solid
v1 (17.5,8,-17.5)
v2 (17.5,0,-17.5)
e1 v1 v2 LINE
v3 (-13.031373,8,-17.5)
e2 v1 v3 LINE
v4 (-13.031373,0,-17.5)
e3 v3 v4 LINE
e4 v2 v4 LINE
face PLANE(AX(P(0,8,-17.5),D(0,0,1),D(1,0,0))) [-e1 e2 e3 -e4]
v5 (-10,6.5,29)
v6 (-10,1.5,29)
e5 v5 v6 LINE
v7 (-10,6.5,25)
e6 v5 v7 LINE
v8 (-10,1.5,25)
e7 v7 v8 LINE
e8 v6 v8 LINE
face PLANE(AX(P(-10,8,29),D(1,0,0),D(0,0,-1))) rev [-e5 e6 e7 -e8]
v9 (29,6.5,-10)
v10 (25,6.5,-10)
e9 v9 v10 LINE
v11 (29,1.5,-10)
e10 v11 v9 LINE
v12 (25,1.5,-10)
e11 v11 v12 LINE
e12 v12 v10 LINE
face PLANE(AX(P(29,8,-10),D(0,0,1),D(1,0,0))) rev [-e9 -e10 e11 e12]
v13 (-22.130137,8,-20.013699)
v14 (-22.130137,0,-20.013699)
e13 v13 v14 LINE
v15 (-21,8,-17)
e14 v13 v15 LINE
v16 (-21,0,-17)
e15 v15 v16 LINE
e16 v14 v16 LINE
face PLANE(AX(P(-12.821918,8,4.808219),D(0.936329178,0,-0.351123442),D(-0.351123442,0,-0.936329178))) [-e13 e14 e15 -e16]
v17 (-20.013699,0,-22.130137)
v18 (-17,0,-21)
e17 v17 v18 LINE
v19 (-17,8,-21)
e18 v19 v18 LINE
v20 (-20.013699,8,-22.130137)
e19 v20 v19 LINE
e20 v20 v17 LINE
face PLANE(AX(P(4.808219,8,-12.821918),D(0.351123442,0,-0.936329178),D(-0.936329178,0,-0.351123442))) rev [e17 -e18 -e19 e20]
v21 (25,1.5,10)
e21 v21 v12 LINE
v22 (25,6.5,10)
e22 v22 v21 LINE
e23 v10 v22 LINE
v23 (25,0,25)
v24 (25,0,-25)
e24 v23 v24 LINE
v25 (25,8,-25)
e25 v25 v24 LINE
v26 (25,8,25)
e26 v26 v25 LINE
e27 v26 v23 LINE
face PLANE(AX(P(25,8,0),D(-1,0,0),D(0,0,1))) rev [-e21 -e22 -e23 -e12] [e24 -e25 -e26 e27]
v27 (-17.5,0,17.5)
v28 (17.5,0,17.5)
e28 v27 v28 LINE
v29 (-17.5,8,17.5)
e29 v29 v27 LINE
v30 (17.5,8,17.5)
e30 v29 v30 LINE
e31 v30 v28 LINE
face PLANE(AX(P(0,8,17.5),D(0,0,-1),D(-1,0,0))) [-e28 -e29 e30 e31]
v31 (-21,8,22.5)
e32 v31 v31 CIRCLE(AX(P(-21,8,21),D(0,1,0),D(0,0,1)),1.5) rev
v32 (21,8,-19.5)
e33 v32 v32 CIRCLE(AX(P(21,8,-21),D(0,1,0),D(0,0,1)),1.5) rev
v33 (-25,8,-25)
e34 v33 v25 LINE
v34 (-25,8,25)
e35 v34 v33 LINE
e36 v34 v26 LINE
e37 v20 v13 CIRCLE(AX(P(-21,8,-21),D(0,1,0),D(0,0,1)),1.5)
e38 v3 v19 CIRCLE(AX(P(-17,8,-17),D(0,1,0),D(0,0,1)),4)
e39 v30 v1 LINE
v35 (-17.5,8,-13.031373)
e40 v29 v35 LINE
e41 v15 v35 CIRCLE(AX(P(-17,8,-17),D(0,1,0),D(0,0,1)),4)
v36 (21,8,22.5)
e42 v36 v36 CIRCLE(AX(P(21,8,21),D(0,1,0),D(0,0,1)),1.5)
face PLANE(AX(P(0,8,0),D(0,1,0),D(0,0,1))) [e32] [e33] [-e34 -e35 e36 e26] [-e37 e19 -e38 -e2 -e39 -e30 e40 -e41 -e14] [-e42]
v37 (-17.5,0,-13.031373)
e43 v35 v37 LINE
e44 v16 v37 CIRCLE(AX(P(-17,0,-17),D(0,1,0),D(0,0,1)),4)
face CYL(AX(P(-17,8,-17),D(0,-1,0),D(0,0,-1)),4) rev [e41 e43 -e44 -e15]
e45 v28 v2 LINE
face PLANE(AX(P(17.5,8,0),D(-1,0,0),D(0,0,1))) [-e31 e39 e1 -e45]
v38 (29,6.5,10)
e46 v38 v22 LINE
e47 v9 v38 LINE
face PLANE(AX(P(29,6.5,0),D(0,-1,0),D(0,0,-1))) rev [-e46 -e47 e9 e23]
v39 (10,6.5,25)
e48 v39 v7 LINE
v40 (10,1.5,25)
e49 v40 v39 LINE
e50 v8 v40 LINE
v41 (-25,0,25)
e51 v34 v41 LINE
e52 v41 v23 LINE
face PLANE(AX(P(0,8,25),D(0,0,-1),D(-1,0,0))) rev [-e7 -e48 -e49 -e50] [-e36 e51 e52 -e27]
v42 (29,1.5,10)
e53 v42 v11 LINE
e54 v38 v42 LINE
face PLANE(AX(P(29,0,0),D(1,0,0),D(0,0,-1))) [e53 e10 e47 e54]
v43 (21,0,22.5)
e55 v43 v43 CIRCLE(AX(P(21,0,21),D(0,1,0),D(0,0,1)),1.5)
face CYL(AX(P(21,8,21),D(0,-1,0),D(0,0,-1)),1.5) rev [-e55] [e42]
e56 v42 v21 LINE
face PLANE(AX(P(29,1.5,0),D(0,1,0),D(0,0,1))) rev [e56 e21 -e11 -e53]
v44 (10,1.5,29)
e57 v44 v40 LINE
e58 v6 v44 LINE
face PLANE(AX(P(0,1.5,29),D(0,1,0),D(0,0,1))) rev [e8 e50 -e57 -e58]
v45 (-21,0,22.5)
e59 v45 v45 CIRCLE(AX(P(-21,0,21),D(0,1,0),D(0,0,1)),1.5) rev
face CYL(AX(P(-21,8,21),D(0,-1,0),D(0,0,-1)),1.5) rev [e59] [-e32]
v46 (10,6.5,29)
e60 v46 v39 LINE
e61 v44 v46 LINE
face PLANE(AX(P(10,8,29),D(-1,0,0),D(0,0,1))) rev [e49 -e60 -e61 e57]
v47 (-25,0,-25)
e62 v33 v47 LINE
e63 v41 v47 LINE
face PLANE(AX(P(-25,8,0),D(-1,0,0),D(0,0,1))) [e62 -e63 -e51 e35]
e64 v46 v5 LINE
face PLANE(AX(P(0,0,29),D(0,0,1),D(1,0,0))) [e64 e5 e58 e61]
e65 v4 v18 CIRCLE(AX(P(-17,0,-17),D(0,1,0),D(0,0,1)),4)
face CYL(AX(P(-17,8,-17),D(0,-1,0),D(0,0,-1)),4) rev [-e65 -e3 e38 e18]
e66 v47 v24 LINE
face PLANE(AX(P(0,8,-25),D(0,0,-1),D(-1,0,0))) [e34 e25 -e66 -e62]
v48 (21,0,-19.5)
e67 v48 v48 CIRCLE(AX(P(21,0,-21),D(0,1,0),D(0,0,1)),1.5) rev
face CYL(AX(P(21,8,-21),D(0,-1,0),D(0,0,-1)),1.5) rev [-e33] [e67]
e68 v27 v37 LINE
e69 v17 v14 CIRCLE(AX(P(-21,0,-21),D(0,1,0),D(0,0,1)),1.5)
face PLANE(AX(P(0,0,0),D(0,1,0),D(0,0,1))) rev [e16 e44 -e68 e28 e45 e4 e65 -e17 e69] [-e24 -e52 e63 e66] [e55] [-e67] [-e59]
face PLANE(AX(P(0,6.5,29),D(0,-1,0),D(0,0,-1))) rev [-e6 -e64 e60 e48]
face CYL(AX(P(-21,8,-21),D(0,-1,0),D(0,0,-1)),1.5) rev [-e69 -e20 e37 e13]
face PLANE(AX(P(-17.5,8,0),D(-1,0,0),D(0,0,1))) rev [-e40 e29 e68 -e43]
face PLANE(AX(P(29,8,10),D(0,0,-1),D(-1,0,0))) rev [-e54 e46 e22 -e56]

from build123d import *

# Parameters (mm, degrees)
SKETCH1_W         = 50
SKETCH1_H         = 50
SKETCH1_R         = 1.5
SUPPORT_DEPTH     = 8
SOUTH_START       = 25
SKETCH2_W         = 20
SKETCH2_H         = 5
SOUTH_DOWEL_DEPTH = 4
WEST_START        = 25
SKETCH3_W         = 20
SKETCH3_H         = 5
WEST_DOWEL_DEPTH  = 4


with BuildPart() as part:
    # Sketch1 → Support (new body)
    with BuildSketch(Plane(origin=(0, 0, 0), x_dir=(1, 0, 0), z_dir=(0, 1, 0))):
        Rectangle(SKETCH1_W, SKETCH1_H)
        with Locations(Location((-21, -21, 0), (0, 0, 270))):
            Circle(SKETCH1_R, mode=Mode.SUBTRACT)
        with Locations(Location((21, -21, 0), (0, 0, 270))):
            Circle(SKETCH1_R, mode=Mode.SUBTRACT)
        with BuildLine():
            Line((-13.031373033, 17.5), (17.5, 17.5))
            Line((17.5, 17.5), (17.5, -17.5))
            Line((17.5, -17.5), (-17.5, -17.5))
            Line((-17.5, -17.5), (-17.5, 13.031373033))
            ThreePointArc((-17.5, 13.031373033), (-20, 14.354248689), (-21, 17))
            Line((-21, 17), (-22.130136986, 20.01369863))
            ThreePointArc((-22.130136986, 20.01369863), (-22.060660172, 22.060660172), (-20.01369863, 22.130136986))
            Line((-20.01369863, 22.130136986), (-17, 21))
            ThreePointArc((-17, 21), (-14.354248689, 20), (-13.031373033, 17.5))
        make_face(mode=Mode.SUBTRACT)
        with Locations(Location((21, 21, 0), (0, 0, 270))):
            Circle(SKETCH1_R, mode=Mode.SUBTRACT)
    extrude(amount=SUPPORT_DEPTH)

    # Sketch2 → South Dowel (add)
    with BuildSketch(Plane.XY.offset(SOUTH_START)):
        with Locations((0, 4)):
            Rectangle(SKETCH2_W, SKETCH2_H)
    extrude(amount=SOUTH_DOWEL_DEPTH)

    # Sketch3 → West Dowel (add)
    with BuildSketch(Plane(origin=(0, 0, 0), x_dir=(0, 0, -1), z_dir=(1, 0, 0)).offset(WEST_START)):
        with Locations((0, 4)):
            Rectangle(SKETCH3_W, SKETCH3_H)
    extrude(amount=WEST_DOWEL_DEPTH)


solid = part.part
